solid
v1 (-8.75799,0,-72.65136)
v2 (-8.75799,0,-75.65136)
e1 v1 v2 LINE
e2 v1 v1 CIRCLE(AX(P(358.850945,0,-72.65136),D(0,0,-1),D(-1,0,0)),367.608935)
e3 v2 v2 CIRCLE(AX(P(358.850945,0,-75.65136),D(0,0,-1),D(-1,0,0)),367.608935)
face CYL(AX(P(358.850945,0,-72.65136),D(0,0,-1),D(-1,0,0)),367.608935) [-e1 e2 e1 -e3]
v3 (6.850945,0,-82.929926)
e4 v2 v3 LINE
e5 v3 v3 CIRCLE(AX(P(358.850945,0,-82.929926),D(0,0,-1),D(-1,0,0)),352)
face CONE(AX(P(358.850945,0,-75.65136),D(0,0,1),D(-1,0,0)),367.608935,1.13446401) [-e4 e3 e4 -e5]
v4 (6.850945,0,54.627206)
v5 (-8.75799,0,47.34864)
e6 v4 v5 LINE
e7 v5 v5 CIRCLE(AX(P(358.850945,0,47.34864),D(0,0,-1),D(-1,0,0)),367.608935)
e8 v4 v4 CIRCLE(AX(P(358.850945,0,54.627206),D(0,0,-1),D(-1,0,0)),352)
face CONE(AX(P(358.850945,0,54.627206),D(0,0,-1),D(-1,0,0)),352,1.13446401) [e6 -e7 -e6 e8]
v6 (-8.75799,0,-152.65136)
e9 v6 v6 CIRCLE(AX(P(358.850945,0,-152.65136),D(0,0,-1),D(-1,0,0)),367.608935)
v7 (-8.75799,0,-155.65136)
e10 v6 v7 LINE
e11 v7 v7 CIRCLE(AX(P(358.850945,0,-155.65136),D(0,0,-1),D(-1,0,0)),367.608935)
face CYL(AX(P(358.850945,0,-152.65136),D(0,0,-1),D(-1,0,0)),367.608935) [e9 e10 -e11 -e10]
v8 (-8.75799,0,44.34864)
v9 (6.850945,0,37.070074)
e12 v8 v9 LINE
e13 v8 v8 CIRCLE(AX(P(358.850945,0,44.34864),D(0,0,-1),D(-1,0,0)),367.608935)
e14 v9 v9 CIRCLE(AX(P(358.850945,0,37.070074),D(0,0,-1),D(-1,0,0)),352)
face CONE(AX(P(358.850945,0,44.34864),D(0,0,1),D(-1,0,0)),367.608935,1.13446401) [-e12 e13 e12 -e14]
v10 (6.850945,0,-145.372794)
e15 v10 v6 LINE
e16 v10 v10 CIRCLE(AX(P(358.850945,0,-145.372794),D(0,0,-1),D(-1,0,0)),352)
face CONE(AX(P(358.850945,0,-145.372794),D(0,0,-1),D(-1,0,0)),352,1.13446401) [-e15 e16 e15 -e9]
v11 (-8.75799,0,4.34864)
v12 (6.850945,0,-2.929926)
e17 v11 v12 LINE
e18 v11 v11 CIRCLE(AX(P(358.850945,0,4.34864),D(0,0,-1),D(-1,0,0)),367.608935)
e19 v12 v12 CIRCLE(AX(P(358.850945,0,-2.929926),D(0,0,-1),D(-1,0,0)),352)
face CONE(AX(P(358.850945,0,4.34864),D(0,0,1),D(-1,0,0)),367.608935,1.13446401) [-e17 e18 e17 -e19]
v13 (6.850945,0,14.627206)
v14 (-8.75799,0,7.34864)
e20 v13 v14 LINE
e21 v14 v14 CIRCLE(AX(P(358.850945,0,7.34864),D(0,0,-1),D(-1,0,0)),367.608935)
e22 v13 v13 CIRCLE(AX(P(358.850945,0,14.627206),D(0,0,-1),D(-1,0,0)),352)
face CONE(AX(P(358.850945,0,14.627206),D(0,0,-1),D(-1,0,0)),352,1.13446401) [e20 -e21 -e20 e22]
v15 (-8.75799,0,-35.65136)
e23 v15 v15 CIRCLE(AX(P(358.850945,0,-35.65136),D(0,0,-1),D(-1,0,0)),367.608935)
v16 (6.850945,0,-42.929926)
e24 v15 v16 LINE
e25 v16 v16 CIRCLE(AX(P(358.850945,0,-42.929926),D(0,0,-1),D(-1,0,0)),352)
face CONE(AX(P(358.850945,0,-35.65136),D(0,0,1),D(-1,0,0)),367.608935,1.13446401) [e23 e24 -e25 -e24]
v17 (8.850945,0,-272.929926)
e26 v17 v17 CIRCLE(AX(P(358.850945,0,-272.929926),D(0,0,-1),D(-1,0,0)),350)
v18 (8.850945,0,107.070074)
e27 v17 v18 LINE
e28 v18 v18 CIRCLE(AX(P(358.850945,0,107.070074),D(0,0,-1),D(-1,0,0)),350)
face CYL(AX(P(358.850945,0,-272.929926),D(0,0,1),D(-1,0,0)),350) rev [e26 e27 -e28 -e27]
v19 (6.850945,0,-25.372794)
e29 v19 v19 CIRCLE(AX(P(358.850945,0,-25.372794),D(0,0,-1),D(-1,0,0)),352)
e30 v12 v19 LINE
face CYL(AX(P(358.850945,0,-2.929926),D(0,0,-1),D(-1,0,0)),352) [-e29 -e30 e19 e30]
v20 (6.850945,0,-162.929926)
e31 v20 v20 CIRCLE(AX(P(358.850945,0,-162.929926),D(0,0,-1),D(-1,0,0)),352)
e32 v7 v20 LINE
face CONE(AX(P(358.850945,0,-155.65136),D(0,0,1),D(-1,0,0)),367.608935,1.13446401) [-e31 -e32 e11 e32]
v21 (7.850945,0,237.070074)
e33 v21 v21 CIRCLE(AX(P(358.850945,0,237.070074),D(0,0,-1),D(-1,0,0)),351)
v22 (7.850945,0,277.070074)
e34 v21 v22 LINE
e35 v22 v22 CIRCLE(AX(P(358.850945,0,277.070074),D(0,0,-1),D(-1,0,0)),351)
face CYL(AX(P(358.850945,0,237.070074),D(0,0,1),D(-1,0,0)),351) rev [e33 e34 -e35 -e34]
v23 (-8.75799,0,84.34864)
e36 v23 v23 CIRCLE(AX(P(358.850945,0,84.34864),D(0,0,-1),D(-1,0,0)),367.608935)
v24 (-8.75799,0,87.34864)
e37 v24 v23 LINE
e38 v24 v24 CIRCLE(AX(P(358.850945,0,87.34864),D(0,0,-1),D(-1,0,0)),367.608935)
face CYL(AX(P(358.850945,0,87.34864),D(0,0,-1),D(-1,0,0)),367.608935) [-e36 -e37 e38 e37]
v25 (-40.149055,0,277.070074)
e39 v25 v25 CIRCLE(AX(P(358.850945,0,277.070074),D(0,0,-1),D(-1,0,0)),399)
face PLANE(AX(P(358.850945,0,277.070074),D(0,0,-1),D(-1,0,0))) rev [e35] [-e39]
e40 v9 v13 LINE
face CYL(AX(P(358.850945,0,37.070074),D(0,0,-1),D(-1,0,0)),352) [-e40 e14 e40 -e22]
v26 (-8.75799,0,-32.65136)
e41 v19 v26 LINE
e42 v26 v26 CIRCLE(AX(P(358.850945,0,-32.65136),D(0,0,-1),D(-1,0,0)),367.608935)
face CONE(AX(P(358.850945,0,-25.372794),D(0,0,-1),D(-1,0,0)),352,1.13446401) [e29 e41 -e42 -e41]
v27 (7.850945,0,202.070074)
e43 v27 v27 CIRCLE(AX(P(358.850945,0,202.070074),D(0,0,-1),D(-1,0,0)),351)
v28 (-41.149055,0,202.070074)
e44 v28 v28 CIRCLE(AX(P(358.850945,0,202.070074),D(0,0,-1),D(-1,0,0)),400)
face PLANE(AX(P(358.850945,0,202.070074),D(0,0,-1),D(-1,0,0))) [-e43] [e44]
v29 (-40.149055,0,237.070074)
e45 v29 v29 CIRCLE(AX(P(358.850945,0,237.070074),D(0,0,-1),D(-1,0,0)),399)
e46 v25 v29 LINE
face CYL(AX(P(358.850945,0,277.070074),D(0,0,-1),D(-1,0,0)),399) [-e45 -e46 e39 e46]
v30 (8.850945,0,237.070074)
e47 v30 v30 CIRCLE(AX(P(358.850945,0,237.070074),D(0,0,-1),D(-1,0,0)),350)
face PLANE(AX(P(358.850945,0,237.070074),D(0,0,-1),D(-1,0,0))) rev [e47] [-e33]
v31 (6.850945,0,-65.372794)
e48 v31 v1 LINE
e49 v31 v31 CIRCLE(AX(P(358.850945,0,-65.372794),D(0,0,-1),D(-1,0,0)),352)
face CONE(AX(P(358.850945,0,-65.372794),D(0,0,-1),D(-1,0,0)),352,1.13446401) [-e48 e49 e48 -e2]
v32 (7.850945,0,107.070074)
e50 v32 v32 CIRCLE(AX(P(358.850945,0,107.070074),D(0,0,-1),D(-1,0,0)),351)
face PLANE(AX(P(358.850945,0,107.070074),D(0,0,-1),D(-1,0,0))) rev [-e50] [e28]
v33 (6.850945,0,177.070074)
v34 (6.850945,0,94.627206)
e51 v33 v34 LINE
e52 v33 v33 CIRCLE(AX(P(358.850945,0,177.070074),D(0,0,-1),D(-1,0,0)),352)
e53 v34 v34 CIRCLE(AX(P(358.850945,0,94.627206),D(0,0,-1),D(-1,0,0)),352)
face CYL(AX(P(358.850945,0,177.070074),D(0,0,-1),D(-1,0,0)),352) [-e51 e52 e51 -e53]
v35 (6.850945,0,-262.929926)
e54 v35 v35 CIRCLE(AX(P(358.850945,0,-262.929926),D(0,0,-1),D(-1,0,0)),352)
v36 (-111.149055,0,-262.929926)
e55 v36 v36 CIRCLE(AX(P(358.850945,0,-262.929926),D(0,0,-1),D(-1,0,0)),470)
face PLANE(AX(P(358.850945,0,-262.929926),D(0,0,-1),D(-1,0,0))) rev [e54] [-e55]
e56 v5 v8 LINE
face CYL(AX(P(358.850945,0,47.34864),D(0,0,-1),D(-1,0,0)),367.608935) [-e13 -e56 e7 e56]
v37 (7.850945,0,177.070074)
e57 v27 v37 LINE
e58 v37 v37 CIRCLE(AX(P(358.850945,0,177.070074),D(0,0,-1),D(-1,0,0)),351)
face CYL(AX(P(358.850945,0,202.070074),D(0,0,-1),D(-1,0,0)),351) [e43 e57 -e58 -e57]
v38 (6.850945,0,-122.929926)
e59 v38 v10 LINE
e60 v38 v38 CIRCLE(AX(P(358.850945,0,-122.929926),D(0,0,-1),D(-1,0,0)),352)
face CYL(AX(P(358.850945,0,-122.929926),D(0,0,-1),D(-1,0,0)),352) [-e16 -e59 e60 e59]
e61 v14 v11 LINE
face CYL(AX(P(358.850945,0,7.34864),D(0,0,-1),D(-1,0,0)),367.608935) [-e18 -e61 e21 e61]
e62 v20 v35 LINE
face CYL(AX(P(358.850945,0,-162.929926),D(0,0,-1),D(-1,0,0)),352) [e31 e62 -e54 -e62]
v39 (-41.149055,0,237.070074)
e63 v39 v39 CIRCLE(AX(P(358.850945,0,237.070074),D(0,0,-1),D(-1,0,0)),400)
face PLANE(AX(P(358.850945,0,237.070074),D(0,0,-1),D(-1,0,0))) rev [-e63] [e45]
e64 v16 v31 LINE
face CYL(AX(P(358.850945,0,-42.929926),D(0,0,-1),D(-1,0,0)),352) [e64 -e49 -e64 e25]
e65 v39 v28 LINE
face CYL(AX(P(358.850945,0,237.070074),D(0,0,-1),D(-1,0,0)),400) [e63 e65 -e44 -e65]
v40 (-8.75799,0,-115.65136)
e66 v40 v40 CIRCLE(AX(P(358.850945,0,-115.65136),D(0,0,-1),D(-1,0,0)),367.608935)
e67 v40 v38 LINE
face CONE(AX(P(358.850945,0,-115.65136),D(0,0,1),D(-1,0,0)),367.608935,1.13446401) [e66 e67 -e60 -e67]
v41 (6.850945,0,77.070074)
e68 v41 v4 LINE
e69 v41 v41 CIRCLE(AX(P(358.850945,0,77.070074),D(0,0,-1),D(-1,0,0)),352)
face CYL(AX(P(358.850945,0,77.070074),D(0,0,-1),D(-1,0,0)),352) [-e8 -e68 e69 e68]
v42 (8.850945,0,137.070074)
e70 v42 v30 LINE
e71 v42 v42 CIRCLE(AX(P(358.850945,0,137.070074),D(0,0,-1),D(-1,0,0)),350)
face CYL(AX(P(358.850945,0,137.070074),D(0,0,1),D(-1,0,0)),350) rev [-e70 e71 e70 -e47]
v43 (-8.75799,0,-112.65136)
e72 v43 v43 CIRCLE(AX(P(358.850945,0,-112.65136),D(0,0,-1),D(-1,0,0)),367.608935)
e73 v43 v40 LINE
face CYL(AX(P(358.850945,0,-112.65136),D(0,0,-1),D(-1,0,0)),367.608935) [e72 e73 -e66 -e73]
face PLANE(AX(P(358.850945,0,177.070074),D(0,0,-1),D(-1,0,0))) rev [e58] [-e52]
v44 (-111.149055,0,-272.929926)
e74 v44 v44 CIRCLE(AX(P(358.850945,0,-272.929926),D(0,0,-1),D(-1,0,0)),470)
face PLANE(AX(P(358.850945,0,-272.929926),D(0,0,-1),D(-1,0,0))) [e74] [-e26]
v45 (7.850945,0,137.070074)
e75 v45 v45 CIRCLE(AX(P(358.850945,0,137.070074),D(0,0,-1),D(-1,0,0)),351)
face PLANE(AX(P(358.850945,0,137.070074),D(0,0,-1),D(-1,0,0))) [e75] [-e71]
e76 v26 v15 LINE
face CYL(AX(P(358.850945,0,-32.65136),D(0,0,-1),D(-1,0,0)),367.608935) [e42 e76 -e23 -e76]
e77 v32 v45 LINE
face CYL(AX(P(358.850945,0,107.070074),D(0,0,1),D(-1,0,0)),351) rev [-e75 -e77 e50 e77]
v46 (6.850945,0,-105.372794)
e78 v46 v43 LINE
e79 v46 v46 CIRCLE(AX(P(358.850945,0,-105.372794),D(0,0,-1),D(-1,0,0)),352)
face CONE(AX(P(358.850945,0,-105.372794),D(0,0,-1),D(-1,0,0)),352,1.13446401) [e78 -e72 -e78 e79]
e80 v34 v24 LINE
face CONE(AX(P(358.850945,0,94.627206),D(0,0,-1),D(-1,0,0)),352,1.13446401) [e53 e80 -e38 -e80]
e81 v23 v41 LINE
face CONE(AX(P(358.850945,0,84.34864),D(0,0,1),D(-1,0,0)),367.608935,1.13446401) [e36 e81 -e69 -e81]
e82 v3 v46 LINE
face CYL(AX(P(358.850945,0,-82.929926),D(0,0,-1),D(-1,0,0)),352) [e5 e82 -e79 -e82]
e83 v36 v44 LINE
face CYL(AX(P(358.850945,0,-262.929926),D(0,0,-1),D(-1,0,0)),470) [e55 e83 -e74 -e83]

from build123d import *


with BuildPart() as f1:
    # F0 (on Front) → F1 (revolve)
    with BuildSketch(Plane.XZ):
        Polygon((-111.149055, -272.929926), (8.850945, -272.929926), (8.850945, 107.070074), (7.850945, 107.070074), (7.850945, 93.990135), (7.850945, 77.707144), (7.850945, 53.990135), (7.850945, 37.707144), (7.850945, 13.990135), (7.850945, -2.292856), (7.850945, -26.009865), (7.850945, -42.292856), (7.850945, -66.009865), (7.850945, -82.292856), (7.850945, -106.009865), (7.850945, -122.292856), (7.850945, -146.009865), (7.850945, -162.292856), (7.850945, -262.929926), (6.850945, -262.929926), (-111.149055, -262.929926), align=None)
        Polygon((7.850945, 93.990135), (7.850945, 107.070074), (7.850945, 137.070074), (7.850945, 177.070074), (6.850945, 177.070074), (6.850945, 117.070074), (6.850945, 94.627206), (-8.75799, 87.34864), (-8.75799, 84.34864), (6.850945, 77.070074), (6.850945, 54.627206), (-8.75799, 47.34864), (-8.75799, 44.34864), (6.850945, 37.070074), (6.850945, 14.627206), (-8.75799, 7.34864), (-8.75799, 4.34864), (6.850945, -2.929926), (6.850945, -25.372794), (-8.75799, -32.65136), (-8.75799, -35.65136), (6.850945, -42.929926), (6.850945, -65.372794), (-8.75799, -72.65136), (-8.75799, -75.65136), (6.850945, -82.929926), (6.850945, -105.372794), (-8.75799, -112.65136), (-8.75799, -115.65136), (6.850945, -122.929926), (6.850945, -145.372794), (-8.75799, -152.65136), (-8.75799, -155.65136), (6.850945, -162.929926), (6.850945, -262.929926), (7.850945, -262.929926), (7.850945, -162.292856), (-7.75799, -155.01429), (-7.75799, -153.28843), (7.850945, -146.009865), (7.850945, -122.292856), (-7.75799, -115.01429), (-7.75799, -113.28843), (7.850945, -106.009865), (7.850945, -82.292856), (-7.75799, -75.01429), (-7.75799, -73.28843), (7.850945, -66.009865), (7.850945, -42.292856), (-7.75799, -35.01429), (-7.75799, -33.28843), (7.850945, -26.009865), (7.850945, -2.292856), (-7.75799, 4.98571), (-7.75799, 6.71157), (7.850945, 13.990135), (7.850945, 37.707144), (-7.75799, 44.98571), (-7.75799, 46.71157), (7.850945, 53.990135), (7.850945, 77.707144), (-7.75799, 84.98571), (-7.75799, 86.71157), align=None)
        Polygon((7.850945, 177.070074), (7.850945, 137.070074), (8.850945, 137.070074), (8.850945, 237.070074), (7.850945, 237.070074), (7.850945, 277.070074), (-40.149055, 277.070074), (-40.149055, 237.070074), (-41.149055, 237.070074), (-41.149055, 202.070074), (7.850945, 202.070074), align=None)
        Polygon((7.850945, 77.707144), (7.850945, 93.990135), (-7.75799, 86.71157), (-7.75799, 84.98571), align=None)
        Polygon((7.850945, 37.707144), (7.850945, 53.990135), (-7.75799, 46.71157), (-7.75799, 44.98571), align=None)
        Polygon((7.850945, -2.292856), (7.850945, 13.990135), (-7.75799, 6.71157), (-7.75799, 4.98571), align=None)
        Polygon((7.850945, -42.292856), (7.850945, -26.009865), (-7.75799, -33.28843), (-7.75799, -35.01429), align=None)
        Polygon((-7.75799, -75.01429), (7.850945, -82.292856), (7.850945, -66.009865), (-7.75799, -73.28843), align=None)
        Polygon((-7.75799, -115.01429), (7.850945, -122.292856), (7.850945, -106.009865), (-7.75799, -113.28843), align=None)
        Polygon((-7.75799, -155.01429), (7.850945, -162.292856), (7.850945, -146.009865), (-7.75799, -153.28843), align=None)
    revolve(axis=Axis((358.850945, 0, -351.682112), (0, 0, -1)))


solid = f1.part
